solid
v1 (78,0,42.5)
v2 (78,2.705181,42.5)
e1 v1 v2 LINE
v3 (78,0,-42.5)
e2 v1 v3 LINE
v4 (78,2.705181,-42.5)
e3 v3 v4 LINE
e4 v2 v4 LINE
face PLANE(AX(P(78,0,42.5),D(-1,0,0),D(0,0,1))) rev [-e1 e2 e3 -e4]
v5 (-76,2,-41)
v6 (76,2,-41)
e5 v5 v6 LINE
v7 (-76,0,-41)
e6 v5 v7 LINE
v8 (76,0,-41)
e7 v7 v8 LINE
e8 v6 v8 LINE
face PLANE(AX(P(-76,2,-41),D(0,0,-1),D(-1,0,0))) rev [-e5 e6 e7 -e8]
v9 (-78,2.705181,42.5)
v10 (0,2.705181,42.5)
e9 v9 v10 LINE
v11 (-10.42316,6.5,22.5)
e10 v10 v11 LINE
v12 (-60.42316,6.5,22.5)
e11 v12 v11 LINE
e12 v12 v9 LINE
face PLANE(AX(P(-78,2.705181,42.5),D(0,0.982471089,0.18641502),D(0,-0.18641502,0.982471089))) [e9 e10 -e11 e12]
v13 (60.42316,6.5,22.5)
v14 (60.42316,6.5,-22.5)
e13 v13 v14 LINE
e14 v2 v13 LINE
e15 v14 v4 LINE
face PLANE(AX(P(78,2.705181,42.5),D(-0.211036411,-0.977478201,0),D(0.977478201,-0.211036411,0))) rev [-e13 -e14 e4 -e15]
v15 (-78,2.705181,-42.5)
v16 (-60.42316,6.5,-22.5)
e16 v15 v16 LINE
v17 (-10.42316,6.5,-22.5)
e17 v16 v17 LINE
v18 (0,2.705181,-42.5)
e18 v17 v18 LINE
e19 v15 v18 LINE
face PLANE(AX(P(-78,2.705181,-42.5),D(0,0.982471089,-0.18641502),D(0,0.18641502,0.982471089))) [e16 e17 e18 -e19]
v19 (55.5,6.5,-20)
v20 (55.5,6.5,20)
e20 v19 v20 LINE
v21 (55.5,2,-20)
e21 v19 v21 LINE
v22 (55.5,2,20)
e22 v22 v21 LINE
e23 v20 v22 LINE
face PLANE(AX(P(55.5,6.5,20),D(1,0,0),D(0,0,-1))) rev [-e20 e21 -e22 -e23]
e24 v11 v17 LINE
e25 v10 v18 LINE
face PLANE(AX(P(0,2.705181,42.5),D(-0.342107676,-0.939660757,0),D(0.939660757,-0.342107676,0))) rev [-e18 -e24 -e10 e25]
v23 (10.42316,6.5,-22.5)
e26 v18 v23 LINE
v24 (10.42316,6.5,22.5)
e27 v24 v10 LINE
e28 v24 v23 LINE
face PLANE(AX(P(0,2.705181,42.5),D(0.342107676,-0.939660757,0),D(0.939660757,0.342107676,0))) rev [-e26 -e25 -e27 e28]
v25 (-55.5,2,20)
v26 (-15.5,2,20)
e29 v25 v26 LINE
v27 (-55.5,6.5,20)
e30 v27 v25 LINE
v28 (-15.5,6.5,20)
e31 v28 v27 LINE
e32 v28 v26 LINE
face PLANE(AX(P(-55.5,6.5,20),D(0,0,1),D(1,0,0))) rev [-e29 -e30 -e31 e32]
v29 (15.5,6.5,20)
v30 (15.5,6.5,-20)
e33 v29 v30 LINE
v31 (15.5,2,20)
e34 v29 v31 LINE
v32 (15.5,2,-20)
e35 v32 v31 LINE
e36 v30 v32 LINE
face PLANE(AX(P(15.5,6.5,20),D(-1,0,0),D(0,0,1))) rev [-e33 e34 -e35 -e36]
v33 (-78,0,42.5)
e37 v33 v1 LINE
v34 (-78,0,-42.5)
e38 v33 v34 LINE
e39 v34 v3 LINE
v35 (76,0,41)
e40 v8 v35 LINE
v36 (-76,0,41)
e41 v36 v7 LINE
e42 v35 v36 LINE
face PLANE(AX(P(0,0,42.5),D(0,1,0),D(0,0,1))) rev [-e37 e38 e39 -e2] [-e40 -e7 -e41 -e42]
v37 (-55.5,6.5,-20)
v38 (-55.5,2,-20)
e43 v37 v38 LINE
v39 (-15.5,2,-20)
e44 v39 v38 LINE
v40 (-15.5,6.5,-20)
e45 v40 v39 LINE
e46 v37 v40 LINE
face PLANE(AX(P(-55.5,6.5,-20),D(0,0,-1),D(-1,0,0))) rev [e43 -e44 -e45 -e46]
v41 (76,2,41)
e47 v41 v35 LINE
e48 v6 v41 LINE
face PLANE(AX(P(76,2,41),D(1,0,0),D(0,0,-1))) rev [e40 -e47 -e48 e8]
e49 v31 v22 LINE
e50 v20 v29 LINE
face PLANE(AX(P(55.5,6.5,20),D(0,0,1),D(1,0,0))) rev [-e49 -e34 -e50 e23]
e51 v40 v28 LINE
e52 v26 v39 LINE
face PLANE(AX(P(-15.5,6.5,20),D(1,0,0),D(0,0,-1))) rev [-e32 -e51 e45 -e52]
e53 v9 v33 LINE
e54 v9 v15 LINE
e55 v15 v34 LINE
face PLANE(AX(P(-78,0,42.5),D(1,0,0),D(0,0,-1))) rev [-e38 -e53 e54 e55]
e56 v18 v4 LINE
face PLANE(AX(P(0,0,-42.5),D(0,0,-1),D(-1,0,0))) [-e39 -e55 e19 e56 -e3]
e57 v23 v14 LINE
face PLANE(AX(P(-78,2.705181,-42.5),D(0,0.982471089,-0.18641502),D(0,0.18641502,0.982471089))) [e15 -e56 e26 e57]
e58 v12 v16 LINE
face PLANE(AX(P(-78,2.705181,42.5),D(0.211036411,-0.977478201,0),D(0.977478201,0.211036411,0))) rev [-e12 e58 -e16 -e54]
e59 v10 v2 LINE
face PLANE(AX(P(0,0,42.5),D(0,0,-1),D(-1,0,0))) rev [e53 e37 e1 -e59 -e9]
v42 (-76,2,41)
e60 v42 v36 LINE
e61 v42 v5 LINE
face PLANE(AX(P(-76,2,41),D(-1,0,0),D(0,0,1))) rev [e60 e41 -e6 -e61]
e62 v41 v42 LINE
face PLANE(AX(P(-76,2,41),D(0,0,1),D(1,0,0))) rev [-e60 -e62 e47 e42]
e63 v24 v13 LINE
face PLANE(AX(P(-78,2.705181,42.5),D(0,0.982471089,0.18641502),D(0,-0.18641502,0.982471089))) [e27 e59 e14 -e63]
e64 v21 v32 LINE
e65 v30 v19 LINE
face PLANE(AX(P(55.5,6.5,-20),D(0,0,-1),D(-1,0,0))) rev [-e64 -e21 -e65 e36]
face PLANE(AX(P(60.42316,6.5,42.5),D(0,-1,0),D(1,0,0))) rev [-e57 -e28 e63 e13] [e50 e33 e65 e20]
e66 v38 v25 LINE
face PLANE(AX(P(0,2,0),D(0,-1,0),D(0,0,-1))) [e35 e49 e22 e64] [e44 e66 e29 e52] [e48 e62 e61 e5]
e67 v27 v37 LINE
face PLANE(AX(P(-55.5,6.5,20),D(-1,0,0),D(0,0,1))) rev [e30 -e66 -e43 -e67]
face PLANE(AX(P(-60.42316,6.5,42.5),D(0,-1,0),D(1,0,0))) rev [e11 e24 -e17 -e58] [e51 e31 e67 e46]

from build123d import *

# Parameters (mm, degrees)
EXTRUDE_1_DEPTH     = 42.5
SKETCH_2_OUTSIDE_W  = 122.554
SKETCH_2_OUTSIDE_H  = 44.054
CUT_EXTRUDE_1_DEPTH = 78
SKETCH_3_W          = 40
SKETCH_3_H          = 40
CUT_EXTRUDE_2_DEPTH = 7.5
SKETCH_4_W          = 152
SKETCH_4_H          = 82
CUT_EXTRUDE_3_DEPTH = 2


with BuildPart() as part:
    # Эскиз1 → Бобышка-Вытянуть1 (new body, symmetric)
    with BuildSketch(Plane.XY):
        Polygon((0, 0), (-78, 0), (-78, 2.705180544), (-60.423159652, 6.5), (-10.423159652, 6.5), (0, 2.705180544), (10.423159652, 6.5), (60.423159652, 6.5), (78, 2.705180544), (78, 0), align=None)
    extrude(amount=EXTRUDE_1_DEPTH, both=True)

    # Эскиз2 outside → Вырез-Вытянуть1 (cut, symmetric)
    with BuildSketch(Plane(origin=(0, 0, 0), x_dir=(0, 0, -1), z_dir=(1, 0, 0))):
        with Locations((0, 3.25)):
            Rectangle(SKETCH_2_OUTSIDE_W, SKETCH_2_OUTSIDE_H)
        Polygon((42.5, 0), (-42.5, 0), (-42.5, 2.705180544), (-22.5, 6.5), (22.5, 6.5), (42.5, 2.705180544), align=None, mode=Mode.SUBTRACT)
    extrude(amount=CUT_EXTRUDE_1_DEPTH, both=True, mode=Mode.SUBTRACT)

    # Эскиз3 → Вырез-Вытянуть2 (cut, through all)
    with BuildSketch(Plane.XZ):
        with Locations((-35.5, 0)):
            Rectangle(SKETCH_3_W, SKETCH_3_H)
        with Locations((35.5, 0)):
            Rectangle(SKETCH_3_W, SKETCH_3_H)
    extrude(amount=-CUT_EXTRUDE_2_DEPTH, mode=Mode.SUBTRACT)

    # Эскиз4 → Вырез-Вытянуть3 (cut)
    with BuildSketch(Plane.XZ):
        Rectangle(SKETCH_4_W, SKETCH_4_H)
    extrude(amount=-CUT_EXTRUDE_3_DEPTH, mode=Mode.SUBTRACT)


solid = part.part
